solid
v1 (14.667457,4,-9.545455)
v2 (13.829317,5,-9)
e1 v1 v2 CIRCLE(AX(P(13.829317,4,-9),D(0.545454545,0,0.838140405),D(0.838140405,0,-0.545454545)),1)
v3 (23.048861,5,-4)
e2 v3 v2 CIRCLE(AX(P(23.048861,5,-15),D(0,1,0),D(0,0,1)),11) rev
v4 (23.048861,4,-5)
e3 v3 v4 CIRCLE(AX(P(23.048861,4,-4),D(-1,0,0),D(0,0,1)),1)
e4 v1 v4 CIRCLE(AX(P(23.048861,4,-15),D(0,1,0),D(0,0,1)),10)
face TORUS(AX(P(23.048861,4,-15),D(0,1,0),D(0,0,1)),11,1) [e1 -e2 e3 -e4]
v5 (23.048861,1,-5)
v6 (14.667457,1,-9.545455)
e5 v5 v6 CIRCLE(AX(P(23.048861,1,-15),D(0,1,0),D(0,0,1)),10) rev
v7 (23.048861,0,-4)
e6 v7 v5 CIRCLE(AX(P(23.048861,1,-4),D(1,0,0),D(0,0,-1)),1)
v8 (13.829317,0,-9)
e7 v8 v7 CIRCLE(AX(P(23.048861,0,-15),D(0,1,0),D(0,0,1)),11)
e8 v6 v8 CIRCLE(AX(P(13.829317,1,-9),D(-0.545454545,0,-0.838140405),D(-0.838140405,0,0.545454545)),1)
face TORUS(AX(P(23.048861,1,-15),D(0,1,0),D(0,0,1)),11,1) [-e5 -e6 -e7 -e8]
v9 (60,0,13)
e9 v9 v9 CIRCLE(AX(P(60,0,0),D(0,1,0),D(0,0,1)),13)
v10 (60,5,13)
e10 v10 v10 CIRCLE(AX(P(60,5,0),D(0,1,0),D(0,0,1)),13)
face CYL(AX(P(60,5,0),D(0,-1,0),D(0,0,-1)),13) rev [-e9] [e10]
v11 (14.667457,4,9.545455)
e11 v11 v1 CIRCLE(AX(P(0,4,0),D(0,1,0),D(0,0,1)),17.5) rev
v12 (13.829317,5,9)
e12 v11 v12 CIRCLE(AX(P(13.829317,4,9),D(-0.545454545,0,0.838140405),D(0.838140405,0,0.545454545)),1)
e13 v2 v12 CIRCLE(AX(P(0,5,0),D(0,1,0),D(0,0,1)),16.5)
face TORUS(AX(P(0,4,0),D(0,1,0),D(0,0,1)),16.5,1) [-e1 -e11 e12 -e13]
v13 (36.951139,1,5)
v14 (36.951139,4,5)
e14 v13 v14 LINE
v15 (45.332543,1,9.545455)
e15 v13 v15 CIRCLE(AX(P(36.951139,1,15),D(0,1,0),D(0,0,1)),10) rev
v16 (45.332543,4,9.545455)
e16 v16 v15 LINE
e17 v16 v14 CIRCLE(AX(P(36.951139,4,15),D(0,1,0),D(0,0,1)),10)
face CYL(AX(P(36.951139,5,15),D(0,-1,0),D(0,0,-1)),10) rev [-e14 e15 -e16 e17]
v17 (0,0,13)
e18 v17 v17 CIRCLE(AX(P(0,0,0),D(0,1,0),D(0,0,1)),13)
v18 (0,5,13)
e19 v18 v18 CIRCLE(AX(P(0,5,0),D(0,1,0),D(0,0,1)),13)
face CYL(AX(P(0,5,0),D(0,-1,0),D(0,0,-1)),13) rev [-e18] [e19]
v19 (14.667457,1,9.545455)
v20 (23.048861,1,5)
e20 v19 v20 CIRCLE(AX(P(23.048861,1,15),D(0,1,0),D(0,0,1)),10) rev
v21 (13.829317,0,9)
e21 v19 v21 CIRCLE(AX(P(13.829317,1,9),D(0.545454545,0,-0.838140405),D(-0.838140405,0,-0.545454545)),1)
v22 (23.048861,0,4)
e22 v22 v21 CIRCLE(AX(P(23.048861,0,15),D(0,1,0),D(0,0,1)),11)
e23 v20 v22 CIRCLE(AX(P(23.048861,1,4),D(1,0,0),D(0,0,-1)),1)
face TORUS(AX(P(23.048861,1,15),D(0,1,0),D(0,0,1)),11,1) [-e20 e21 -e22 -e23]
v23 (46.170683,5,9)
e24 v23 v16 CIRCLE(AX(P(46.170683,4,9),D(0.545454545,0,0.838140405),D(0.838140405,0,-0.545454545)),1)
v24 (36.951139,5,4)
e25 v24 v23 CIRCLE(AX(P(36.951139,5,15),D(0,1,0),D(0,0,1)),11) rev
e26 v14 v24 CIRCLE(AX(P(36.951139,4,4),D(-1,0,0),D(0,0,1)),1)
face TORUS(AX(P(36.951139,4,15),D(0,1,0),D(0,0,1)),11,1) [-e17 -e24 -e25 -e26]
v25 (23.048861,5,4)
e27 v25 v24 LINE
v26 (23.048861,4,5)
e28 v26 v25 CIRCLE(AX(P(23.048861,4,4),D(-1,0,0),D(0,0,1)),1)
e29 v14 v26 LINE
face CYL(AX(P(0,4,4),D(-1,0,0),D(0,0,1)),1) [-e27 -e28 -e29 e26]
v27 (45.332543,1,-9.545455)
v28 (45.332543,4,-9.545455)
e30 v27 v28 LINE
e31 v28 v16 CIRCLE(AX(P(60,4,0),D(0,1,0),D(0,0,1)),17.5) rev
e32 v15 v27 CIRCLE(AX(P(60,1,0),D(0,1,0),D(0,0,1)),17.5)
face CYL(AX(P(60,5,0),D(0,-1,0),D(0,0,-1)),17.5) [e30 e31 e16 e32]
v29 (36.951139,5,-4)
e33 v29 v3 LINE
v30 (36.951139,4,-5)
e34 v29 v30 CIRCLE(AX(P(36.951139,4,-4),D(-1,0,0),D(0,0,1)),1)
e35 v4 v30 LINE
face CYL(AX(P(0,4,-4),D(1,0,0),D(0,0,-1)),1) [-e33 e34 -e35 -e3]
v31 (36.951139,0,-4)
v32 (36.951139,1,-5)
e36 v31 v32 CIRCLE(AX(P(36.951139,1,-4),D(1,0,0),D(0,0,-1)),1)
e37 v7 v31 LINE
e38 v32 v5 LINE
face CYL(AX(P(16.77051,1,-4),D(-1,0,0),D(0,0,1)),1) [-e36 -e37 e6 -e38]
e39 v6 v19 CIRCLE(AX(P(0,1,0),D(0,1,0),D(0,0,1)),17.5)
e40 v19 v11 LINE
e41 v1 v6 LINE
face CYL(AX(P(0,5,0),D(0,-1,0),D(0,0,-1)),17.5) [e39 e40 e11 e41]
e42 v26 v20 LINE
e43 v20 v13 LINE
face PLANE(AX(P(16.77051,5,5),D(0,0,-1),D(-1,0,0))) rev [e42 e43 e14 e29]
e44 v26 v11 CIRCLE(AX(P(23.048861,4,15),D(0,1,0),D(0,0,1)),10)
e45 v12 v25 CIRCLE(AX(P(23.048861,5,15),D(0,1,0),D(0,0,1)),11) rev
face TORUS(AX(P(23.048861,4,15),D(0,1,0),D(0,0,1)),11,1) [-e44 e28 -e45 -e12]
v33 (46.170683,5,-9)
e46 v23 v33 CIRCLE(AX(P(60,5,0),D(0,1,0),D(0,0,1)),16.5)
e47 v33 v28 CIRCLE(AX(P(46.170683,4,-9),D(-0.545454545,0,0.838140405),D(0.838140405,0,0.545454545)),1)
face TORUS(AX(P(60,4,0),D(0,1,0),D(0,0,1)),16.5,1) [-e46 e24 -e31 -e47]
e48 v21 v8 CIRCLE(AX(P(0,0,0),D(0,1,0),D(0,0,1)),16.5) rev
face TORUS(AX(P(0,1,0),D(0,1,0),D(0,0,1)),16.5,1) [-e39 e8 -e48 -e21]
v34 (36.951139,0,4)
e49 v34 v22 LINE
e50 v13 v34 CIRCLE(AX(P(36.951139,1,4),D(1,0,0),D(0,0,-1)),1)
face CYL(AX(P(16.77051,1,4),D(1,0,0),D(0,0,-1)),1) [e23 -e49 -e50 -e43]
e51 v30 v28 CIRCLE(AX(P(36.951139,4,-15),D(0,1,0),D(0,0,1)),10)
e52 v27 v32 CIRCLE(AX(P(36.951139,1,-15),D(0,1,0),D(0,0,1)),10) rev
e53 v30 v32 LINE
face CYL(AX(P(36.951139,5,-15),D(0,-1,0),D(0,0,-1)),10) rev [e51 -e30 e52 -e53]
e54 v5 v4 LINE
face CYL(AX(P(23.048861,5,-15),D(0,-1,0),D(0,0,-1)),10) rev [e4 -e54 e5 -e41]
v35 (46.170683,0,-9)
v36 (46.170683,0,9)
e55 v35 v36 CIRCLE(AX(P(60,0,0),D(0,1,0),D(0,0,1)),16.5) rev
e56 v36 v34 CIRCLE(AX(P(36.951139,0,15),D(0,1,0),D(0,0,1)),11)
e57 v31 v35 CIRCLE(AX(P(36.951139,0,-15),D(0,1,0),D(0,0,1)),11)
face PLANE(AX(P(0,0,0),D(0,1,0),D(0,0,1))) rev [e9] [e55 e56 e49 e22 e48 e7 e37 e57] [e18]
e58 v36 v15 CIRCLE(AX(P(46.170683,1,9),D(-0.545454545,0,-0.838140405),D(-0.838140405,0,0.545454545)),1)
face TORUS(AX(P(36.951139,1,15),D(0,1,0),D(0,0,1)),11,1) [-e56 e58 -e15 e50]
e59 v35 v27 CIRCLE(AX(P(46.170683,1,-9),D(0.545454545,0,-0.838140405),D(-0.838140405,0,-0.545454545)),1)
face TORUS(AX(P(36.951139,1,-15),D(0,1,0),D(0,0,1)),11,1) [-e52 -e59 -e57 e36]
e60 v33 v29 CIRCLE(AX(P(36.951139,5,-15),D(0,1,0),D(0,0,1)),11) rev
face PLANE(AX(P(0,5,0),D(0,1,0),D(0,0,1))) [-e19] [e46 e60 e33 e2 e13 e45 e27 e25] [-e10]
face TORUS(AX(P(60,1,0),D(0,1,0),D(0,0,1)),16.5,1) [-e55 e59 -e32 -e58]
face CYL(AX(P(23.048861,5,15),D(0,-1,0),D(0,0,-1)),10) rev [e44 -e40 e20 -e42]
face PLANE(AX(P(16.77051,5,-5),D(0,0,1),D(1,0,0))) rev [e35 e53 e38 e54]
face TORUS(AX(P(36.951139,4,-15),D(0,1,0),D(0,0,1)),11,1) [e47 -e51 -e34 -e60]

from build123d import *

# Parameters (mm, degrees)
SKETCH1_R           = 13
BOSS_EXTRUDE1_DEPTH = 5
FILLET1_R           = 10
FILLET2_R           = 1


with BuildPart() as part:
    # Sketch1 → Boss-Extrude1 (new body)
    with BuildSketch(Plane(origin=(0, 0, 0), x_dir=(1, 0, 0), z_dir=(0, 1, 0))):
        with BuildLine():
            Line((16.770509831, 5), (43.229490169, 5))
            ThreePointArc((43.229490169, 5), (77.5, 0), (43.229490169, -5))
            Line((43.229490169, -5), (16.770509831, -5))
            ThreePointArc((16.770509831, -5), (-17.5, 0), (16.770509831, 5))
        make_face()
        with Locations(Location((0, 0, 0), (0, 0, 270))):
            Circle(SKETCH1_R, mode=Mode.SUBTRACT)
        with Locations(Location((60, 0, 0), (0, 0, 270))):
            Circle(SKETCH1_R, mode=Mode.SUBTRACT)
    extrude(amount=BOSS_EXTRUDE1_DEPTH)

    # Fillet1
    fillet1_edges = [part.edges().sort_by_distance(p)[0] for p in [
        (16.770509831, 2.5, -5),
        (43.229490169, 2.5, -5),
        (43.229490169, 2.5, 5),
        (16.770509831, 2.5, 5),
    ]]
    fillet(fillet1_edges, radius=FILLET1_R)

    # Fillet2
    fillet2_edges = [part.edges().sort_by_distance(p)[0] for p in [
        (77.5, 0, 0),
        (77.5, 5, 0),
        (30, 0, 5),
        (30, 5, 5),
        (-17.5, 0, 0),
        (-17.5, 5, 0),
        (30, 0, -5),
        (30, 5, -5),
        (41.718451803, 0, 6.20950927),
        (41.718451803, 5, 6.20950927),
        (18.281548197, 0, 6.20950927),
        (18.281548197, 5, 6.20950927),
        (41.718451803, 0, -6.20950927),
        (41.718451803, 5, -6.20950927),
        (18.281548197, 0, -6.20950927),
        (18.281548197, 5, -6.20950927),
    ]]
    fillet(fillet2_edges, radius=FILLET2_R)


solid = part.part
